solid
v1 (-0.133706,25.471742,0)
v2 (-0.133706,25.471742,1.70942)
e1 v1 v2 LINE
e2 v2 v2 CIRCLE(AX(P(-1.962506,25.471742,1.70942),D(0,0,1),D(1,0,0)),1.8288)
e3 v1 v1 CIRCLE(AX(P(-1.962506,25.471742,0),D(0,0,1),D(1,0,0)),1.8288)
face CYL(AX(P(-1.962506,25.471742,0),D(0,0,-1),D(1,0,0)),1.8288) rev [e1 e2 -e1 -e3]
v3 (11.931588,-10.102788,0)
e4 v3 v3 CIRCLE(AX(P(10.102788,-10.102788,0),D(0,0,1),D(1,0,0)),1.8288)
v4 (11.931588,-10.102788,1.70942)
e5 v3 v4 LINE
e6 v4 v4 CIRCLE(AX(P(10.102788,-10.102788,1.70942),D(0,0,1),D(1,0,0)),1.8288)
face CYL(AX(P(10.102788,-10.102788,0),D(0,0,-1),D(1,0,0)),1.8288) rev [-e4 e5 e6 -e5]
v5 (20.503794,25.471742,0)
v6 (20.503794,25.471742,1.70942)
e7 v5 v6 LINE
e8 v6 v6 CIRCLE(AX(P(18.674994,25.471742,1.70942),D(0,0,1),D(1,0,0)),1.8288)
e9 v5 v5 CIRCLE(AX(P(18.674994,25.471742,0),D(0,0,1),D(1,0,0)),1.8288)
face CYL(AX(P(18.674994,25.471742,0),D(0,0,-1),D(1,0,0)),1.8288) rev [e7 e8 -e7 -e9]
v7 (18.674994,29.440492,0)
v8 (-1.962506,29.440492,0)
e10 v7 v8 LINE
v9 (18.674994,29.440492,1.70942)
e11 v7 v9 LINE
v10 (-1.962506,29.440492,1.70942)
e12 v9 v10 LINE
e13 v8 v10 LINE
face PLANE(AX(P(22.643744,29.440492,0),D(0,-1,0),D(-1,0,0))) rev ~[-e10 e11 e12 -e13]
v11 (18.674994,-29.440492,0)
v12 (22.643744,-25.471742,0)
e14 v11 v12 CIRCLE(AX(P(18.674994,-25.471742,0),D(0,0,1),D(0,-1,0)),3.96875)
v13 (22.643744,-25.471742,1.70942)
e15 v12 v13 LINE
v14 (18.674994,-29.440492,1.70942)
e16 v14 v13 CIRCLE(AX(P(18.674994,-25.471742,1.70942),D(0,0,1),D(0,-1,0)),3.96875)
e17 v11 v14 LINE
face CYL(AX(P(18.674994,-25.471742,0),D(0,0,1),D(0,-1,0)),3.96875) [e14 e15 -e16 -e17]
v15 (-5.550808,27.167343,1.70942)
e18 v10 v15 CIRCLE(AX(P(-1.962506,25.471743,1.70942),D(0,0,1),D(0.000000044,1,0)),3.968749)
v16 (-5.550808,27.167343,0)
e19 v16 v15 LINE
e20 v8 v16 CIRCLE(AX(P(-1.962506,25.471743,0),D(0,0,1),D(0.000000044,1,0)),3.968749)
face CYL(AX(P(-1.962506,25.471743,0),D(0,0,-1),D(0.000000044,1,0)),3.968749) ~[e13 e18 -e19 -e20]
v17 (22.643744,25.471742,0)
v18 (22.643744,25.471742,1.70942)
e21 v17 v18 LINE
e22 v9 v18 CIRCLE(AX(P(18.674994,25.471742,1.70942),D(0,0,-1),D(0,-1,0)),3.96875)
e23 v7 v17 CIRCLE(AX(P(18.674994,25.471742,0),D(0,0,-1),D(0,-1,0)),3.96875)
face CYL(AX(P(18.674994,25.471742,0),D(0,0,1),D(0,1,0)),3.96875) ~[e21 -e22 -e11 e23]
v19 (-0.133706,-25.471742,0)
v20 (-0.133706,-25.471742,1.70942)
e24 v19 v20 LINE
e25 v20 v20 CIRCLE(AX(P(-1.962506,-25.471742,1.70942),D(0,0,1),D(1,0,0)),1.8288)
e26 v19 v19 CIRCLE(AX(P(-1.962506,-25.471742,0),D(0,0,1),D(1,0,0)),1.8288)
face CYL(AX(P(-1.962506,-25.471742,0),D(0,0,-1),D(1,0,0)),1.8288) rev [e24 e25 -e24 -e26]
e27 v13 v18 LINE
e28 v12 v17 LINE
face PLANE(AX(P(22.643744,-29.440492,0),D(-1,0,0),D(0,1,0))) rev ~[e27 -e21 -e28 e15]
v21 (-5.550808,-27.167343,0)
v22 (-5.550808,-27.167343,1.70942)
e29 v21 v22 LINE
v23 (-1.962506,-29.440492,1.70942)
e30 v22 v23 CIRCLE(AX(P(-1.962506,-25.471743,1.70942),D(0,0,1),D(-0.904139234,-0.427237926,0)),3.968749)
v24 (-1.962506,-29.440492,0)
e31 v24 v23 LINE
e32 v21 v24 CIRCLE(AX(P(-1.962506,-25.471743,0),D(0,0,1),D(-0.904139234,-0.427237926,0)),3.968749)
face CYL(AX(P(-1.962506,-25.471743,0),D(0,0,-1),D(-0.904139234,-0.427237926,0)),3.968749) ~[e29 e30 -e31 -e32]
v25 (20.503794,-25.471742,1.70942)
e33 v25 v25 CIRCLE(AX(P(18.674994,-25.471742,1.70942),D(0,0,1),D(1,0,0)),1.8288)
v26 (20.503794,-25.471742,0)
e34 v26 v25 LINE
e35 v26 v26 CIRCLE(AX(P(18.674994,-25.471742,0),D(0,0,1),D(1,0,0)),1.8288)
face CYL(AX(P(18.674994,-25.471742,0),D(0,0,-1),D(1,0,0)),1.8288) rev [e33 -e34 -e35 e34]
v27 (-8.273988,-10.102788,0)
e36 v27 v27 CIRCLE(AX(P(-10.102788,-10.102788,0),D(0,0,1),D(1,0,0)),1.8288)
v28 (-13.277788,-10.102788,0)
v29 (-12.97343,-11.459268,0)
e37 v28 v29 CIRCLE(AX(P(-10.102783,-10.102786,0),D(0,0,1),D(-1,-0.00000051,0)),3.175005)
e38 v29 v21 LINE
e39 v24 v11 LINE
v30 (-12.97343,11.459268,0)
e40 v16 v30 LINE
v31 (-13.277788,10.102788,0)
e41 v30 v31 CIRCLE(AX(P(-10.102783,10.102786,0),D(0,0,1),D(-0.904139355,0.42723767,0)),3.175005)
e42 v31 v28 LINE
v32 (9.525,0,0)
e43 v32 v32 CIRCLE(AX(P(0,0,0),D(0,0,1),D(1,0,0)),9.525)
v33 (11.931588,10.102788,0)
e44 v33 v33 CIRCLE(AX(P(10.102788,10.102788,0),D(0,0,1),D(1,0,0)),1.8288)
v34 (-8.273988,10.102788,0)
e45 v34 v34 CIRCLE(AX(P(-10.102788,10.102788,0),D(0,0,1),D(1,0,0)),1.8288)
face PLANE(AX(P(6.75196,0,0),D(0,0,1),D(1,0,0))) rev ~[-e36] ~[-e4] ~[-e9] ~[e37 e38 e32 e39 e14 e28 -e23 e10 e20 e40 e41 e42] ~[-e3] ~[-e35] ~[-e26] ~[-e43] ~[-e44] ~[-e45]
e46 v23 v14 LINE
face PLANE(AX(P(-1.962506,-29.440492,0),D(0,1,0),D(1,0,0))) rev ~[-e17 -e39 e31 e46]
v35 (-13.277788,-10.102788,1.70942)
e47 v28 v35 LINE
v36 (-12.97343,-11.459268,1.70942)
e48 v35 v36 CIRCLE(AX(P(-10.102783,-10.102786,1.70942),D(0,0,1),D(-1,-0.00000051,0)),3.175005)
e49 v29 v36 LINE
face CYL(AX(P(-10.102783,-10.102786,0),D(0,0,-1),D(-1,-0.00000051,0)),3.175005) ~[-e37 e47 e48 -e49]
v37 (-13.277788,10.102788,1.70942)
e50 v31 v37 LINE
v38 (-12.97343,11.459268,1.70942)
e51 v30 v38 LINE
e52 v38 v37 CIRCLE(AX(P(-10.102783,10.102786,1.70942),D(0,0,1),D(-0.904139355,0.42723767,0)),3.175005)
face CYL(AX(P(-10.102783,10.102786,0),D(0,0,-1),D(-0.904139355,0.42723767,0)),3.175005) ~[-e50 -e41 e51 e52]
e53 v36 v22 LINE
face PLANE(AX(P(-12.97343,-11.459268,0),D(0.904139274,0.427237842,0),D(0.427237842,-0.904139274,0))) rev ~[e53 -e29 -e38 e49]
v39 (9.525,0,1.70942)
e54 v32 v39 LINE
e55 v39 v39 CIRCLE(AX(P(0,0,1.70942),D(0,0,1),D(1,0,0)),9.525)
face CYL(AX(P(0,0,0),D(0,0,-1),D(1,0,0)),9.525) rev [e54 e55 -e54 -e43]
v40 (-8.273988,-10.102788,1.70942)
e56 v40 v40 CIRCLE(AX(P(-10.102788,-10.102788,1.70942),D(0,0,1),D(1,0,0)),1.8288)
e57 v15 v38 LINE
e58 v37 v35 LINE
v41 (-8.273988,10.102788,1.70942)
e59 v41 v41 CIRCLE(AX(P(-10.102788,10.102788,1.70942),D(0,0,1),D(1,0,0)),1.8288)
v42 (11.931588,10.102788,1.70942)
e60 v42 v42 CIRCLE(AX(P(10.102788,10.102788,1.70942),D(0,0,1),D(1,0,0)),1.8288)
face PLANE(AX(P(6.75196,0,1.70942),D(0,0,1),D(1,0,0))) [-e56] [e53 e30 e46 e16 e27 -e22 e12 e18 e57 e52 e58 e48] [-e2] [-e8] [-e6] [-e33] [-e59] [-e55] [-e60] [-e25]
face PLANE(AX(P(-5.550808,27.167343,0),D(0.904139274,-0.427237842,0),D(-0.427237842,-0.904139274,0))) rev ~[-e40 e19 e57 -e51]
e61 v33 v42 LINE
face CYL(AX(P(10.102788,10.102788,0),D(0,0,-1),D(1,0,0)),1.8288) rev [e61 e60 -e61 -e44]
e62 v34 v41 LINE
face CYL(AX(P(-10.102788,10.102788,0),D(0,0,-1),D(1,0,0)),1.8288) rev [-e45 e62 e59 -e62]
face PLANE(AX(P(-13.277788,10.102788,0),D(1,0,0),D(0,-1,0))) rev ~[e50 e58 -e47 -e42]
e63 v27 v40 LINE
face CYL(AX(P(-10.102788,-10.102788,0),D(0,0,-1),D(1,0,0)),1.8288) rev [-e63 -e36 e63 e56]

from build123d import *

# Parameters (mm, degrees)
F0_R     = 1.8288
F0_R_2   = 9.525
F1_DEPTH = 1.70942
F2_R     = 3.96875


with BuildPart() as f1:
    # F0 (on Top) → F1 (new body)
    with BuildSketch(Plane.XY):
        with BuildLine():
            Line((-13.277788, 10.102788), (-13.277788, -10.102788))
            ThreePointArc((-13.277788, -10.102788), (-13.200764, -10.797891), (-12.97343, -11.459268))
            Line((-12.97343, -11.459268), (-5.550808, -27.167343))
            ThreePointArc((-5.550808, -27.167343), (-4.086366, -28.824382), (-1.962506, -29.440492))
            Line((-1.962506, -29.440492), (22.643744, -29.440492))
            Line((22.643744, -29.440492), (22.643744, 29.440492))
            Line((22.643744, 29.440492), (-1.962506, 29.440492))
            ThreePointArc((-1.962506, 29.440492), (-4.086366, 28.824382), (-5.550808, 27.167343))
            Line((-5.550808, 27.167343), (-12.97343, 11.459268))
            ThreePointArc((-12.97343, 11.459268), (-13.200764, 10.797891), (-13.277788, 10.102788))
        make_face()
        with Locations((-1.962506, -25.471742)):
            Circle(F0_R, mode=Mode.SUBTRACT)
        with Locations((-10.102788, -10.102788)):
            Circle(F0_R, mode=Mode.SUBTRACT)
        with Locations((18.674994, -25.471742)):
            Circle(F0_R, mode=Mode.SUBTRACT)
        with Locations((10.102788, -10.102788)):
            Circle(F0_R, mode=Mode.SUBTRACT)
        with Locations((-10.102788, 10.102788)):
            Circle(F0_R, mode=Mode.SUBTRACT)
        Circle(F0_R_2, mode=Mode.SUBTRACT)
        with Locations((-1.962506, 25.471742)):
            Circle(F0_R, mode=Mode.SUBTRACT)
        with Locations((10.102788, 10.102788)):
            Circle(F0_R, mode=Mode.SUBTRACT)
        with Locations((18.674994, 25.471742)):
            Circle(F0_R, mode=Mode.SUBTRACT)
    extrude(amount=F1_DEPTH)

    # F2
    f2_edges = [f1.edges().sort_by_distance(p)[0] for p in [
        (22.643744, -29.440492, 0.85471),
        (22.643744, 29.440492, 0.85471),
    ]]
    fillet(f2_edges, radius=F2_R)


solid = f1.part
